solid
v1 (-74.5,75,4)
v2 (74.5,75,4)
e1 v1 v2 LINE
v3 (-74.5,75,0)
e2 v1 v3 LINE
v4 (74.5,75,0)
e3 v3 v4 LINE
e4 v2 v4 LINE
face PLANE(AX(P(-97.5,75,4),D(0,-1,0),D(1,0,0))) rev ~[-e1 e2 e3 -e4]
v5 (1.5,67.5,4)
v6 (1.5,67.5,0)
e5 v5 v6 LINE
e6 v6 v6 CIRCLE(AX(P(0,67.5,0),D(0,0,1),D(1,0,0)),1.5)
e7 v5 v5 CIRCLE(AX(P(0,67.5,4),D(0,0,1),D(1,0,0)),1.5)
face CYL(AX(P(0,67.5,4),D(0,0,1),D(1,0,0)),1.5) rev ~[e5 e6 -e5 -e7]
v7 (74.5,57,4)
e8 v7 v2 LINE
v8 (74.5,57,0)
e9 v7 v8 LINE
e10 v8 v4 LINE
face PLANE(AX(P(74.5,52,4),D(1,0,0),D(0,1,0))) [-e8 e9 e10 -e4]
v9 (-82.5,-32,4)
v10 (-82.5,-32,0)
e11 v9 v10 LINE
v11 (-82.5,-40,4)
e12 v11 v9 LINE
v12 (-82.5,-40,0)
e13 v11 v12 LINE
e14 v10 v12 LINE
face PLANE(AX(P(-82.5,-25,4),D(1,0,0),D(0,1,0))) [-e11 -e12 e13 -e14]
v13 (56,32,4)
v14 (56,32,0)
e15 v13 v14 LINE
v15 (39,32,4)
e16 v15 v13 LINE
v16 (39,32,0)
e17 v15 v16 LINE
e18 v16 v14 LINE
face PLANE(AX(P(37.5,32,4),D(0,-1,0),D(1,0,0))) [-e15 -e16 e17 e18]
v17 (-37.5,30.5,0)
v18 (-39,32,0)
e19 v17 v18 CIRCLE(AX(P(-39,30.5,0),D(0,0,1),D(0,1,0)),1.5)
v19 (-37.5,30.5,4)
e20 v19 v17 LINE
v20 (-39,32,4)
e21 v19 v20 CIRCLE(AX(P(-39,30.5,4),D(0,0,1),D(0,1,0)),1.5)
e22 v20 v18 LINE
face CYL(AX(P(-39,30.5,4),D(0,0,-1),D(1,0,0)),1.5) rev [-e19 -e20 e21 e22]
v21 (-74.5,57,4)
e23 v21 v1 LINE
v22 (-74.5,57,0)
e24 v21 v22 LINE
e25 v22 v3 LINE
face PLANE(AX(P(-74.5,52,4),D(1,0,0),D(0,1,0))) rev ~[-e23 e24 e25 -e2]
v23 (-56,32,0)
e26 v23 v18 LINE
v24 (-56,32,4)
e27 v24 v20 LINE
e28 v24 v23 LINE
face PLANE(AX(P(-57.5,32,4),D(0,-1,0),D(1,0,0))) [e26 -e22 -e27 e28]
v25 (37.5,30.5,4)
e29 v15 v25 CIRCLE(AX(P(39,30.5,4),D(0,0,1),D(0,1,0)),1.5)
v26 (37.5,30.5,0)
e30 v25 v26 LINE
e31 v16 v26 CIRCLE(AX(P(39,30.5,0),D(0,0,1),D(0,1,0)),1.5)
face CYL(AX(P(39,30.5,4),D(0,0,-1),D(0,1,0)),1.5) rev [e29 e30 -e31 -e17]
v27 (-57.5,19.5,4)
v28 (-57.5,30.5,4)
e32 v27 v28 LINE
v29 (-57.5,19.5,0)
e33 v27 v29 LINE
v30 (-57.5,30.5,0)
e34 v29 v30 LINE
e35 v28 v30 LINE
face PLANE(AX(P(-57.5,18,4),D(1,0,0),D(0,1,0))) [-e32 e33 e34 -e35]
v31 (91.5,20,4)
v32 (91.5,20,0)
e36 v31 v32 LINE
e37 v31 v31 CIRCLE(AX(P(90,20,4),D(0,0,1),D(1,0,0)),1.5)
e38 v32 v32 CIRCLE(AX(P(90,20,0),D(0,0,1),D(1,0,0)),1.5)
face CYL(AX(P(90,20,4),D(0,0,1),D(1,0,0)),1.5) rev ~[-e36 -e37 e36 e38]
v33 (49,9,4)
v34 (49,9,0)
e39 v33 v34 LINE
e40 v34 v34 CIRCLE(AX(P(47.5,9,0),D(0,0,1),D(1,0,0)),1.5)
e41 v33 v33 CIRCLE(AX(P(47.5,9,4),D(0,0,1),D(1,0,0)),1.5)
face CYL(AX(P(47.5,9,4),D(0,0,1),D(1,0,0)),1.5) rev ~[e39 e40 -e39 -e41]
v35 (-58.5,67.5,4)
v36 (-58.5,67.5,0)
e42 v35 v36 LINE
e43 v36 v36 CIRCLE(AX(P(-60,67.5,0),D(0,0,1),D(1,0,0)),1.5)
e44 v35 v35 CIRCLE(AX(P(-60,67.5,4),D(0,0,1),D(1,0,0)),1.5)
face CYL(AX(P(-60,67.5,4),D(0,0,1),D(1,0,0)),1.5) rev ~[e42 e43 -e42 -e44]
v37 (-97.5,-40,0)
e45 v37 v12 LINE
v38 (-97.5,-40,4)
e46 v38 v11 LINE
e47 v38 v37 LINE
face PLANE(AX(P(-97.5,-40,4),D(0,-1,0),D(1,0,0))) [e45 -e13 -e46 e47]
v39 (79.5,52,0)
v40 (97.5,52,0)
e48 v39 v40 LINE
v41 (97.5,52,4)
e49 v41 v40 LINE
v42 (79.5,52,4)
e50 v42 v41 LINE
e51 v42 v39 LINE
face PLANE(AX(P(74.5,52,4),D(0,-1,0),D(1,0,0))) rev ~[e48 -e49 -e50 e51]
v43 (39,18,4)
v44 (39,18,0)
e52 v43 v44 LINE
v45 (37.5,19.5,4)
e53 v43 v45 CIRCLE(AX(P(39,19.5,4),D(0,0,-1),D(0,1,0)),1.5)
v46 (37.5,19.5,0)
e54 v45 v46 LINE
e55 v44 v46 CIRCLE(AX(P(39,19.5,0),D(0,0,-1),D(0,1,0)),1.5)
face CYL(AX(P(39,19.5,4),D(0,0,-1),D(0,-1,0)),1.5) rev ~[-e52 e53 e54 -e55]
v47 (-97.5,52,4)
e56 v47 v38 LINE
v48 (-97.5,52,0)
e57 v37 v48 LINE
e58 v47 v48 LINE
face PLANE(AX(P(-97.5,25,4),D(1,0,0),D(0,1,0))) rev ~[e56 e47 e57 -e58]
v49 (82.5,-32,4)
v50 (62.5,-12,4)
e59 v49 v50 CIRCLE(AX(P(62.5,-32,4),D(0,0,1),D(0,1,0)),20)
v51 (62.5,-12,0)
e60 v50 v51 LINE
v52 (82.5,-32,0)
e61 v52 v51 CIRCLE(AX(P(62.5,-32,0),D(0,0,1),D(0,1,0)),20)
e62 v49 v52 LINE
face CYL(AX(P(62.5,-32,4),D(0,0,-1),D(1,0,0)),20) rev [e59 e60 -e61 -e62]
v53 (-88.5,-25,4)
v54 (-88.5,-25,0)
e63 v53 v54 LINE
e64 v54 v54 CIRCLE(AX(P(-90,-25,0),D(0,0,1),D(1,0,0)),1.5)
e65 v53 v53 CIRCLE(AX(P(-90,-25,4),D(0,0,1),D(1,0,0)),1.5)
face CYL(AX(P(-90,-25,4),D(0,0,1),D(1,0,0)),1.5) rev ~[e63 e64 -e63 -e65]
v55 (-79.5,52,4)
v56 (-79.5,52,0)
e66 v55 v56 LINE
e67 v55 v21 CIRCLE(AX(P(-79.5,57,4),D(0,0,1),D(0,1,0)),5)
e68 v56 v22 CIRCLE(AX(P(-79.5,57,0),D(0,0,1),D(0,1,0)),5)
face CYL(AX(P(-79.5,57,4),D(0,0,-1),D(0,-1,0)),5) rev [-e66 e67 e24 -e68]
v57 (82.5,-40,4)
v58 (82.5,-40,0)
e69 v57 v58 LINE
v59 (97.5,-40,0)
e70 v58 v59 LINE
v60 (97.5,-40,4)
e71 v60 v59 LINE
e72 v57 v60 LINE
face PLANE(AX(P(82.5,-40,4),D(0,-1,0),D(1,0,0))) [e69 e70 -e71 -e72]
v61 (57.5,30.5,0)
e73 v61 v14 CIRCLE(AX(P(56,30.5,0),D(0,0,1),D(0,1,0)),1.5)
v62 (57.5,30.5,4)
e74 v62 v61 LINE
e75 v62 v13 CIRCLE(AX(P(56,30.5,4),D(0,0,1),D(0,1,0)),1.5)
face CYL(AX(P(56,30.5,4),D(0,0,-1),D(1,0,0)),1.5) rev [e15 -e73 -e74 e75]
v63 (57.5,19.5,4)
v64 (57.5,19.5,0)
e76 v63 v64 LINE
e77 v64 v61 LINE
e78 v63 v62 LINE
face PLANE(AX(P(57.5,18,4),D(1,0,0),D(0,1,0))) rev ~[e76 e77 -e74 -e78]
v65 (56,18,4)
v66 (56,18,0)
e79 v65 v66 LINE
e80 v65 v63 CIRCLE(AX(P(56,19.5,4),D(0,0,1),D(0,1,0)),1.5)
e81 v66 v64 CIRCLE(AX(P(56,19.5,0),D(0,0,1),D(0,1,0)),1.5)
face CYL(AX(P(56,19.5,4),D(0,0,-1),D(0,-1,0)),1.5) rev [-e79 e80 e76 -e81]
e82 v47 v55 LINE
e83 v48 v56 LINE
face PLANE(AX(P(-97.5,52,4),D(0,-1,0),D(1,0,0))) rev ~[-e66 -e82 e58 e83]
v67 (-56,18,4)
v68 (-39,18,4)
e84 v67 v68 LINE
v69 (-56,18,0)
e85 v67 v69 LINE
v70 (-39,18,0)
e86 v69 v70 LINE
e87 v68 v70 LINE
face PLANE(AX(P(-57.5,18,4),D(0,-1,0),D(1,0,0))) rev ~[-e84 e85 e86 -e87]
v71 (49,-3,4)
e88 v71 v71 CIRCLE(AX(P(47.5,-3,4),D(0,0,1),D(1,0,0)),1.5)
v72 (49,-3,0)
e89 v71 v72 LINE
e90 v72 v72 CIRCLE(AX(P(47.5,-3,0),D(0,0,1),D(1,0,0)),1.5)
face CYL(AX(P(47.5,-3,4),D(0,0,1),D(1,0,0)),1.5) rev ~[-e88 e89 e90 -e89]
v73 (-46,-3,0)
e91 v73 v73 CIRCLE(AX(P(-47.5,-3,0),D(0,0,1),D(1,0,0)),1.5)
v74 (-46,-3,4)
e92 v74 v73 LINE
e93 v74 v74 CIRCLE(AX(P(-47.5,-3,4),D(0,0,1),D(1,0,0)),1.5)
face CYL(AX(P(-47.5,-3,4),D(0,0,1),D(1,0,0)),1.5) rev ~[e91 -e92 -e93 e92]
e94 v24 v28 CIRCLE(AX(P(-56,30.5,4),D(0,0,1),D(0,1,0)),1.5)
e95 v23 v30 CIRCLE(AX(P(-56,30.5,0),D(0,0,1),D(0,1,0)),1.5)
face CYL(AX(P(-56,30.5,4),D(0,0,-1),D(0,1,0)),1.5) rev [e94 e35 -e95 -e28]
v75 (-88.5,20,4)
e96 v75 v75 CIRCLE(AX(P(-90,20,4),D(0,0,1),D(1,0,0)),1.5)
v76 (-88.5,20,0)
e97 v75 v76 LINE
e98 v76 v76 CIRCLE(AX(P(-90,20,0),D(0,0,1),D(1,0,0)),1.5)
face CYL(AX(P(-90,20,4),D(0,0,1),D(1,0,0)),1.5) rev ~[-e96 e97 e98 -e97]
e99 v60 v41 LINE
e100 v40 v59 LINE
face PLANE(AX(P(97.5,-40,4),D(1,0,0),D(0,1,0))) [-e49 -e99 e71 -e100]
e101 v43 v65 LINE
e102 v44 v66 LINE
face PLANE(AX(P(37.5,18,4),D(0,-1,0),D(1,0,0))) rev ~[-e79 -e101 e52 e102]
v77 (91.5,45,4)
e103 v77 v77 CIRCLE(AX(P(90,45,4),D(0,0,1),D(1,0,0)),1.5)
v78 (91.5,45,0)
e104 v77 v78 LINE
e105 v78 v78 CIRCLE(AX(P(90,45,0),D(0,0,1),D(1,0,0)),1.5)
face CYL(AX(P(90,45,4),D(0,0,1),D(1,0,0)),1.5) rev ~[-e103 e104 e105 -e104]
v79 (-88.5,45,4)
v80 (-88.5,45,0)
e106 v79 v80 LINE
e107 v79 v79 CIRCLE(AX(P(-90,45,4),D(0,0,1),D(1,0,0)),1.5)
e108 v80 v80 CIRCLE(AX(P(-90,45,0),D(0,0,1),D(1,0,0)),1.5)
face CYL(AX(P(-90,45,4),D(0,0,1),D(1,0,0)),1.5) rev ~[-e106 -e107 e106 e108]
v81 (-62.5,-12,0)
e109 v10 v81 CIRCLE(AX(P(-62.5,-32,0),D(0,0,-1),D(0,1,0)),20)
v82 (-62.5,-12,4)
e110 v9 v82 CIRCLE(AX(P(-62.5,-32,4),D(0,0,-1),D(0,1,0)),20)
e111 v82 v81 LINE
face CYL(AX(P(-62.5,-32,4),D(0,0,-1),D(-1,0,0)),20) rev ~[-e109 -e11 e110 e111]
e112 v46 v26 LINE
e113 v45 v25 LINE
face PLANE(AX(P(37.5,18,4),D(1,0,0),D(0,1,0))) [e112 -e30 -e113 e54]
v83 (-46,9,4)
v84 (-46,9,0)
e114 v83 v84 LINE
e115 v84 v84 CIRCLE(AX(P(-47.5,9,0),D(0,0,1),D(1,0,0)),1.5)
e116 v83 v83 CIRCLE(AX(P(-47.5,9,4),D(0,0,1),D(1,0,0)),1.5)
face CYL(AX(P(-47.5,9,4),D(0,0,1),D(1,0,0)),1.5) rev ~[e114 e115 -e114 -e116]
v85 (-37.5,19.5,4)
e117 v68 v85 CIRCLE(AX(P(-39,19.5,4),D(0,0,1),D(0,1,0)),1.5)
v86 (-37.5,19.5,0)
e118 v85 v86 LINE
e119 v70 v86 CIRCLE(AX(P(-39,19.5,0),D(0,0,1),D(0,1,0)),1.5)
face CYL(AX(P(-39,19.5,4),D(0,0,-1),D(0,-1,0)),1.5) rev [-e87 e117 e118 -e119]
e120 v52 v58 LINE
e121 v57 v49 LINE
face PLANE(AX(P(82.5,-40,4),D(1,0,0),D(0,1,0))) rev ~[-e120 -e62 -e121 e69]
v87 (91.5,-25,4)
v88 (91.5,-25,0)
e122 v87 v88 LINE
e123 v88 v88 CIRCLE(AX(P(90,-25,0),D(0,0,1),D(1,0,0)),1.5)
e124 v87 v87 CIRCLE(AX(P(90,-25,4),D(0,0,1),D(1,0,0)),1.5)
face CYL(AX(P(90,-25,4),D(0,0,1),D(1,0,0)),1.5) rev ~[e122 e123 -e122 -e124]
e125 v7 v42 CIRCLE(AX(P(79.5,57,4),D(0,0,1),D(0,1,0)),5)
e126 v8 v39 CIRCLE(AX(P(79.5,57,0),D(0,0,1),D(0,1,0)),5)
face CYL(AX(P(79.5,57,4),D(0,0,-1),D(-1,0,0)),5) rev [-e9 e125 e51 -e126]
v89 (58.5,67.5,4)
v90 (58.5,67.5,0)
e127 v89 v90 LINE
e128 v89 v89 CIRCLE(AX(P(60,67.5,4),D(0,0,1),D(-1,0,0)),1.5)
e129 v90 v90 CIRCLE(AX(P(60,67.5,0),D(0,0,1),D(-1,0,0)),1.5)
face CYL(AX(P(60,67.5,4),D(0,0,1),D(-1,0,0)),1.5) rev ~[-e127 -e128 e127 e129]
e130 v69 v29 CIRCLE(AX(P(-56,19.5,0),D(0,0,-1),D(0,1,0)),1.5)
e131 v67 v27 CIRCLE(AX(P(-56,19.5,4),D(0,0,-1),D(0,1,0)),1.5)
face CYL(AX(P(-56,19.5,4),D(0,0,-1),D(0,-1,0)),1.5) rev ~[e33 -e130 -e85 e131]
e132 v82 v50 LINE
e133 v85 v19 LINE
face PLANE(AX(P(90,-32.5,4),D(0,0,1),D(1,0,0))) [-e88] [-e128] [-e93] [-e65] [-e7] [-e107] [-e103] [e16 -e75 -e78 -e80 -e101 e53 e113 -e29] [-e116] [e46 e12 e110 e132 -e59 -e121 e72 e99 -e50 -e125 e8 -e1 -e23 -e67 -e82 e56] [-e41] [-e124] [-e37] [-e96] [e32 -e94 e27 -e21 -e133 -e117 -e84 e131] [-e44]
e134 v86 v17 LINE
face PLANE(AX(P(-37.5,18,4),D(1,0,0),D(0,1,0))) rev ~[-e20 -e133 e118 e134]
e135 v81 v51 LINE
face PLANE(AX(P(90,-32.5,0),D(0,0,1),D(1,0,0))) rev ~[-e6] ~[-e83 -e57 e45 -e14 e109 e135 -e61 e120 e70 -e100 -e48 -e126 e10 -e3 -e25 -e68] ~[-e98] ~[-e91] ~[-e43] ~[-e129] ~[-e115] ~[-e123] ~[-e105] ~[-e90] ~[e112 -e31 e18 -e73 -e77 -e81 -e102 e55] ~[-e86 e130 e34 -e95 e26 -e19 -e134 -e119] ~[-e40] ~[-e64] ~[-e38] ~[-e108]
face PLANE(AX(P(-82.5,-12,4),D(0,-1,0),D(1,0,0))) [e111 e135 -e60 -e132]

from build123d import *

# Parameters (mm, degrees)
SKETCH_1_W          = 195
SKETCH_1_H          = 50
EXTRUDE_1_DEPTH     = 4
SKETCH_5_W          = 195
SKETCH_5_H          = 50
EXTRUDE_2_DEPTH     = 4
SKETCH_2_R          = 1.5
CUT_EXTRUDE_1_DEPTH = 124.074164633
SKETCH_4_W          = 20
SKETCH_4_H          = 14
CUT_EXTRUDE_3_DEPTH = 124.074164633
FILLET_1_R          = 1.5
SKETCH_6_W          = 23
SKETCH_6_H          = 23
CUT_EXTRUDE_4_DEPTH = 124.074164633
FILLET_2_R          = 5
SKETCH_7_W          = 15
SKETCH_7_H          = 15
EXTRUDE_3_DEPTH     = 4
SKETCH_3_R          = 1.5
CUT_EXTRUDE_2_DEPTH = 124.074164633
SKETCH_8_R          = 1.5
CUT_EXTRUDE_5_DEPTH = 124.074164633
SKETCH_9_W          = 165
SKETCH_9_H          = 13
CUT_EXTRUDE_6_DEPTH = 124.074164633
FILLET_3_R          = 20


with BuildPart() as part:
    # 草图1 → 凸台-拉伸1 (new body)
    with BuildSketch(Plane.XY):
        Rectangle(SKETCH_1_W, SKETCH_1_H)
    extrude(amount=EXTRUDE_1_DEPTH)

    # 草图5 → 凸台-拉伸2 (add)
    with BuildSketch(Plane.XY.offset(4)):
        with Locations((0, 50)):
            Rectangle(SKETCH_5_W, SKETCH_5_H)
    extrude(amount=-EXTRUDE_2_DEPTH)

    # 草图2 → 切除-拉伸1 (cut, through all)
    with BuildSketch(Plane.XY.offset(4)):
        with Locations((-47.5, -3)):
            Circle(SKETCH_2_R)
        with Locations((-47.5, 9)):
            Circle(SKETCH_2_R)
        with Locations((47.5, 9)):
            Circle(SKETCH_2_R)
        with Locations((47.5, -3)):
            Circle(SKETCH_2_R)
    extrude(amount=-CUT_EXTRUDE_1_DEPTH, mode=Mode.SUBTRACT)

    # 草图4 → 切除-拉伸3 (cut, through all)
    with BuildSketch(Plane.XY.offset(4)):
        with Locations((47.5, 25)):
            Rectangle(SKETCH_4_W, SKETCH_4_H)
        with Locations((-47.5, 25)):
            Rectangle(SKETCH_4_W, SKETCH_4_H)
    extrude(amount=-CUT_EXTRUDE_3_DEPTH, mode=Mode.SUBTRACT)

    # 圆角1
    fillet_1_edges = [part.edges().sort_by_distance(p)[0] for p in [
        (37.5, 18, 2),
        (37.5, 32, 2),
        (57.5, 32, 2),
        (57.5, 18, 2),
        (-57.5, 32, 2),
        (-37.5, 32, 2),
        (-37.5, 18, 2),
        (-57.5, 18, 2),
    ]]
    fillet(fillet_1_edges, radius=FILLET_1_R)

    # 草图6 → 切除-拉伸4 (cut, through all)
    with BuildSketch(Plane.XY.offset(4)):
        with Locations((-86, 63.5)):
            Rectangle(SKETCH_6_W, SKETCH_6_H)
        with Locations((86, 63.5)):
            Rectangle(SKETCH_6_W, SKETCH_6_H)
    extrude(amount=-CUT_EXTRUDE_4_DEPTH, mode=Mode.SUBTRACT)

    # 圆角2
    fillet_2_edges = [part.edges().sort_by_distance(p)[0] for p in [
        (-74.5, 52, 2),
        (74.5, 52, 2),
    ]]
    fillet(fillet_2_edges, radius=FILLET_2_R)

    # 草图7 → 凸台-拉伸3 (add)
    with BuildSketch(Plane.XY.offset(4)):
        with Locations((90, -32.5)):
            Rectangle(SKETCH_7_W, SKETCH_7_H)
        with Locations((-90, -32.5)):
            Rectangle(SKETCH_7_W, SKETCH_7_H)
    extrude(amount=-EXTRUDE_3_DEPTH)

    # 草图3 → 切除-拉伸2 (cut, through all)
    with BuildSketch(Plane.XY.offset(4)):
        with Locations((-90, 45)):
            Circle(SKETCH_3_R)
        with Locations((-90, -25)):
            Circle(SKETCH_3_R)
        with Locations((90, -25)):
            Circle(SKETCH_3_R)
        with Locations((90, 45)):
            Circle(SKETCH_3_R)
        with Locations((-90, 20)):
            Circle(SKETCH_3_R)
        with Locations((90, 20)):
            Circle(SKETCH_3_R)
    extrude(amount=-CUT_EXTRUDE_2_DEPTH, mode=Mode.SUBTRACT)

    # 草图8 → 切除-拉伸5 (cut, through all)
    with BuildSketch(Plane.XY.offset(4)):
        with Locations((0, 67.5)):
            Circle(SKETCH_8_R)
        with Locations((-60, 67.5)):
            Circle(SKETCH_8_R)
        with Locations(Location((60, 67.5, 0), (0, 0, 180))):
            Circle(SKETCH_8_R)
    extrude(amount=-CUT_EXTRUDE_5_DEPTH, mode=Mode.SUBTRACT)

    # 草图9 → 切除-拉伸6 (cut, through all)
    with BuildSketch(Plane.XY.offset(4)):
        with Locations((0, -18.5)):
            Rectangle(SKETCH_9_W, SKETCH_9_H)
    extrude(amount=-CUT_EXTRUDE_6_DEPTH, mode=Mode.SUBTRACT)

    # 圆角3
    fillet_3_edges = [part.edges().sort_by_distance(p)[0] for p in [
        (-82.5, -12, 2),
        (82.5, -12, 2),
    ]]
    fillet(fillet_3_edges, radius=FILLET_3_R)


solid = part.part
